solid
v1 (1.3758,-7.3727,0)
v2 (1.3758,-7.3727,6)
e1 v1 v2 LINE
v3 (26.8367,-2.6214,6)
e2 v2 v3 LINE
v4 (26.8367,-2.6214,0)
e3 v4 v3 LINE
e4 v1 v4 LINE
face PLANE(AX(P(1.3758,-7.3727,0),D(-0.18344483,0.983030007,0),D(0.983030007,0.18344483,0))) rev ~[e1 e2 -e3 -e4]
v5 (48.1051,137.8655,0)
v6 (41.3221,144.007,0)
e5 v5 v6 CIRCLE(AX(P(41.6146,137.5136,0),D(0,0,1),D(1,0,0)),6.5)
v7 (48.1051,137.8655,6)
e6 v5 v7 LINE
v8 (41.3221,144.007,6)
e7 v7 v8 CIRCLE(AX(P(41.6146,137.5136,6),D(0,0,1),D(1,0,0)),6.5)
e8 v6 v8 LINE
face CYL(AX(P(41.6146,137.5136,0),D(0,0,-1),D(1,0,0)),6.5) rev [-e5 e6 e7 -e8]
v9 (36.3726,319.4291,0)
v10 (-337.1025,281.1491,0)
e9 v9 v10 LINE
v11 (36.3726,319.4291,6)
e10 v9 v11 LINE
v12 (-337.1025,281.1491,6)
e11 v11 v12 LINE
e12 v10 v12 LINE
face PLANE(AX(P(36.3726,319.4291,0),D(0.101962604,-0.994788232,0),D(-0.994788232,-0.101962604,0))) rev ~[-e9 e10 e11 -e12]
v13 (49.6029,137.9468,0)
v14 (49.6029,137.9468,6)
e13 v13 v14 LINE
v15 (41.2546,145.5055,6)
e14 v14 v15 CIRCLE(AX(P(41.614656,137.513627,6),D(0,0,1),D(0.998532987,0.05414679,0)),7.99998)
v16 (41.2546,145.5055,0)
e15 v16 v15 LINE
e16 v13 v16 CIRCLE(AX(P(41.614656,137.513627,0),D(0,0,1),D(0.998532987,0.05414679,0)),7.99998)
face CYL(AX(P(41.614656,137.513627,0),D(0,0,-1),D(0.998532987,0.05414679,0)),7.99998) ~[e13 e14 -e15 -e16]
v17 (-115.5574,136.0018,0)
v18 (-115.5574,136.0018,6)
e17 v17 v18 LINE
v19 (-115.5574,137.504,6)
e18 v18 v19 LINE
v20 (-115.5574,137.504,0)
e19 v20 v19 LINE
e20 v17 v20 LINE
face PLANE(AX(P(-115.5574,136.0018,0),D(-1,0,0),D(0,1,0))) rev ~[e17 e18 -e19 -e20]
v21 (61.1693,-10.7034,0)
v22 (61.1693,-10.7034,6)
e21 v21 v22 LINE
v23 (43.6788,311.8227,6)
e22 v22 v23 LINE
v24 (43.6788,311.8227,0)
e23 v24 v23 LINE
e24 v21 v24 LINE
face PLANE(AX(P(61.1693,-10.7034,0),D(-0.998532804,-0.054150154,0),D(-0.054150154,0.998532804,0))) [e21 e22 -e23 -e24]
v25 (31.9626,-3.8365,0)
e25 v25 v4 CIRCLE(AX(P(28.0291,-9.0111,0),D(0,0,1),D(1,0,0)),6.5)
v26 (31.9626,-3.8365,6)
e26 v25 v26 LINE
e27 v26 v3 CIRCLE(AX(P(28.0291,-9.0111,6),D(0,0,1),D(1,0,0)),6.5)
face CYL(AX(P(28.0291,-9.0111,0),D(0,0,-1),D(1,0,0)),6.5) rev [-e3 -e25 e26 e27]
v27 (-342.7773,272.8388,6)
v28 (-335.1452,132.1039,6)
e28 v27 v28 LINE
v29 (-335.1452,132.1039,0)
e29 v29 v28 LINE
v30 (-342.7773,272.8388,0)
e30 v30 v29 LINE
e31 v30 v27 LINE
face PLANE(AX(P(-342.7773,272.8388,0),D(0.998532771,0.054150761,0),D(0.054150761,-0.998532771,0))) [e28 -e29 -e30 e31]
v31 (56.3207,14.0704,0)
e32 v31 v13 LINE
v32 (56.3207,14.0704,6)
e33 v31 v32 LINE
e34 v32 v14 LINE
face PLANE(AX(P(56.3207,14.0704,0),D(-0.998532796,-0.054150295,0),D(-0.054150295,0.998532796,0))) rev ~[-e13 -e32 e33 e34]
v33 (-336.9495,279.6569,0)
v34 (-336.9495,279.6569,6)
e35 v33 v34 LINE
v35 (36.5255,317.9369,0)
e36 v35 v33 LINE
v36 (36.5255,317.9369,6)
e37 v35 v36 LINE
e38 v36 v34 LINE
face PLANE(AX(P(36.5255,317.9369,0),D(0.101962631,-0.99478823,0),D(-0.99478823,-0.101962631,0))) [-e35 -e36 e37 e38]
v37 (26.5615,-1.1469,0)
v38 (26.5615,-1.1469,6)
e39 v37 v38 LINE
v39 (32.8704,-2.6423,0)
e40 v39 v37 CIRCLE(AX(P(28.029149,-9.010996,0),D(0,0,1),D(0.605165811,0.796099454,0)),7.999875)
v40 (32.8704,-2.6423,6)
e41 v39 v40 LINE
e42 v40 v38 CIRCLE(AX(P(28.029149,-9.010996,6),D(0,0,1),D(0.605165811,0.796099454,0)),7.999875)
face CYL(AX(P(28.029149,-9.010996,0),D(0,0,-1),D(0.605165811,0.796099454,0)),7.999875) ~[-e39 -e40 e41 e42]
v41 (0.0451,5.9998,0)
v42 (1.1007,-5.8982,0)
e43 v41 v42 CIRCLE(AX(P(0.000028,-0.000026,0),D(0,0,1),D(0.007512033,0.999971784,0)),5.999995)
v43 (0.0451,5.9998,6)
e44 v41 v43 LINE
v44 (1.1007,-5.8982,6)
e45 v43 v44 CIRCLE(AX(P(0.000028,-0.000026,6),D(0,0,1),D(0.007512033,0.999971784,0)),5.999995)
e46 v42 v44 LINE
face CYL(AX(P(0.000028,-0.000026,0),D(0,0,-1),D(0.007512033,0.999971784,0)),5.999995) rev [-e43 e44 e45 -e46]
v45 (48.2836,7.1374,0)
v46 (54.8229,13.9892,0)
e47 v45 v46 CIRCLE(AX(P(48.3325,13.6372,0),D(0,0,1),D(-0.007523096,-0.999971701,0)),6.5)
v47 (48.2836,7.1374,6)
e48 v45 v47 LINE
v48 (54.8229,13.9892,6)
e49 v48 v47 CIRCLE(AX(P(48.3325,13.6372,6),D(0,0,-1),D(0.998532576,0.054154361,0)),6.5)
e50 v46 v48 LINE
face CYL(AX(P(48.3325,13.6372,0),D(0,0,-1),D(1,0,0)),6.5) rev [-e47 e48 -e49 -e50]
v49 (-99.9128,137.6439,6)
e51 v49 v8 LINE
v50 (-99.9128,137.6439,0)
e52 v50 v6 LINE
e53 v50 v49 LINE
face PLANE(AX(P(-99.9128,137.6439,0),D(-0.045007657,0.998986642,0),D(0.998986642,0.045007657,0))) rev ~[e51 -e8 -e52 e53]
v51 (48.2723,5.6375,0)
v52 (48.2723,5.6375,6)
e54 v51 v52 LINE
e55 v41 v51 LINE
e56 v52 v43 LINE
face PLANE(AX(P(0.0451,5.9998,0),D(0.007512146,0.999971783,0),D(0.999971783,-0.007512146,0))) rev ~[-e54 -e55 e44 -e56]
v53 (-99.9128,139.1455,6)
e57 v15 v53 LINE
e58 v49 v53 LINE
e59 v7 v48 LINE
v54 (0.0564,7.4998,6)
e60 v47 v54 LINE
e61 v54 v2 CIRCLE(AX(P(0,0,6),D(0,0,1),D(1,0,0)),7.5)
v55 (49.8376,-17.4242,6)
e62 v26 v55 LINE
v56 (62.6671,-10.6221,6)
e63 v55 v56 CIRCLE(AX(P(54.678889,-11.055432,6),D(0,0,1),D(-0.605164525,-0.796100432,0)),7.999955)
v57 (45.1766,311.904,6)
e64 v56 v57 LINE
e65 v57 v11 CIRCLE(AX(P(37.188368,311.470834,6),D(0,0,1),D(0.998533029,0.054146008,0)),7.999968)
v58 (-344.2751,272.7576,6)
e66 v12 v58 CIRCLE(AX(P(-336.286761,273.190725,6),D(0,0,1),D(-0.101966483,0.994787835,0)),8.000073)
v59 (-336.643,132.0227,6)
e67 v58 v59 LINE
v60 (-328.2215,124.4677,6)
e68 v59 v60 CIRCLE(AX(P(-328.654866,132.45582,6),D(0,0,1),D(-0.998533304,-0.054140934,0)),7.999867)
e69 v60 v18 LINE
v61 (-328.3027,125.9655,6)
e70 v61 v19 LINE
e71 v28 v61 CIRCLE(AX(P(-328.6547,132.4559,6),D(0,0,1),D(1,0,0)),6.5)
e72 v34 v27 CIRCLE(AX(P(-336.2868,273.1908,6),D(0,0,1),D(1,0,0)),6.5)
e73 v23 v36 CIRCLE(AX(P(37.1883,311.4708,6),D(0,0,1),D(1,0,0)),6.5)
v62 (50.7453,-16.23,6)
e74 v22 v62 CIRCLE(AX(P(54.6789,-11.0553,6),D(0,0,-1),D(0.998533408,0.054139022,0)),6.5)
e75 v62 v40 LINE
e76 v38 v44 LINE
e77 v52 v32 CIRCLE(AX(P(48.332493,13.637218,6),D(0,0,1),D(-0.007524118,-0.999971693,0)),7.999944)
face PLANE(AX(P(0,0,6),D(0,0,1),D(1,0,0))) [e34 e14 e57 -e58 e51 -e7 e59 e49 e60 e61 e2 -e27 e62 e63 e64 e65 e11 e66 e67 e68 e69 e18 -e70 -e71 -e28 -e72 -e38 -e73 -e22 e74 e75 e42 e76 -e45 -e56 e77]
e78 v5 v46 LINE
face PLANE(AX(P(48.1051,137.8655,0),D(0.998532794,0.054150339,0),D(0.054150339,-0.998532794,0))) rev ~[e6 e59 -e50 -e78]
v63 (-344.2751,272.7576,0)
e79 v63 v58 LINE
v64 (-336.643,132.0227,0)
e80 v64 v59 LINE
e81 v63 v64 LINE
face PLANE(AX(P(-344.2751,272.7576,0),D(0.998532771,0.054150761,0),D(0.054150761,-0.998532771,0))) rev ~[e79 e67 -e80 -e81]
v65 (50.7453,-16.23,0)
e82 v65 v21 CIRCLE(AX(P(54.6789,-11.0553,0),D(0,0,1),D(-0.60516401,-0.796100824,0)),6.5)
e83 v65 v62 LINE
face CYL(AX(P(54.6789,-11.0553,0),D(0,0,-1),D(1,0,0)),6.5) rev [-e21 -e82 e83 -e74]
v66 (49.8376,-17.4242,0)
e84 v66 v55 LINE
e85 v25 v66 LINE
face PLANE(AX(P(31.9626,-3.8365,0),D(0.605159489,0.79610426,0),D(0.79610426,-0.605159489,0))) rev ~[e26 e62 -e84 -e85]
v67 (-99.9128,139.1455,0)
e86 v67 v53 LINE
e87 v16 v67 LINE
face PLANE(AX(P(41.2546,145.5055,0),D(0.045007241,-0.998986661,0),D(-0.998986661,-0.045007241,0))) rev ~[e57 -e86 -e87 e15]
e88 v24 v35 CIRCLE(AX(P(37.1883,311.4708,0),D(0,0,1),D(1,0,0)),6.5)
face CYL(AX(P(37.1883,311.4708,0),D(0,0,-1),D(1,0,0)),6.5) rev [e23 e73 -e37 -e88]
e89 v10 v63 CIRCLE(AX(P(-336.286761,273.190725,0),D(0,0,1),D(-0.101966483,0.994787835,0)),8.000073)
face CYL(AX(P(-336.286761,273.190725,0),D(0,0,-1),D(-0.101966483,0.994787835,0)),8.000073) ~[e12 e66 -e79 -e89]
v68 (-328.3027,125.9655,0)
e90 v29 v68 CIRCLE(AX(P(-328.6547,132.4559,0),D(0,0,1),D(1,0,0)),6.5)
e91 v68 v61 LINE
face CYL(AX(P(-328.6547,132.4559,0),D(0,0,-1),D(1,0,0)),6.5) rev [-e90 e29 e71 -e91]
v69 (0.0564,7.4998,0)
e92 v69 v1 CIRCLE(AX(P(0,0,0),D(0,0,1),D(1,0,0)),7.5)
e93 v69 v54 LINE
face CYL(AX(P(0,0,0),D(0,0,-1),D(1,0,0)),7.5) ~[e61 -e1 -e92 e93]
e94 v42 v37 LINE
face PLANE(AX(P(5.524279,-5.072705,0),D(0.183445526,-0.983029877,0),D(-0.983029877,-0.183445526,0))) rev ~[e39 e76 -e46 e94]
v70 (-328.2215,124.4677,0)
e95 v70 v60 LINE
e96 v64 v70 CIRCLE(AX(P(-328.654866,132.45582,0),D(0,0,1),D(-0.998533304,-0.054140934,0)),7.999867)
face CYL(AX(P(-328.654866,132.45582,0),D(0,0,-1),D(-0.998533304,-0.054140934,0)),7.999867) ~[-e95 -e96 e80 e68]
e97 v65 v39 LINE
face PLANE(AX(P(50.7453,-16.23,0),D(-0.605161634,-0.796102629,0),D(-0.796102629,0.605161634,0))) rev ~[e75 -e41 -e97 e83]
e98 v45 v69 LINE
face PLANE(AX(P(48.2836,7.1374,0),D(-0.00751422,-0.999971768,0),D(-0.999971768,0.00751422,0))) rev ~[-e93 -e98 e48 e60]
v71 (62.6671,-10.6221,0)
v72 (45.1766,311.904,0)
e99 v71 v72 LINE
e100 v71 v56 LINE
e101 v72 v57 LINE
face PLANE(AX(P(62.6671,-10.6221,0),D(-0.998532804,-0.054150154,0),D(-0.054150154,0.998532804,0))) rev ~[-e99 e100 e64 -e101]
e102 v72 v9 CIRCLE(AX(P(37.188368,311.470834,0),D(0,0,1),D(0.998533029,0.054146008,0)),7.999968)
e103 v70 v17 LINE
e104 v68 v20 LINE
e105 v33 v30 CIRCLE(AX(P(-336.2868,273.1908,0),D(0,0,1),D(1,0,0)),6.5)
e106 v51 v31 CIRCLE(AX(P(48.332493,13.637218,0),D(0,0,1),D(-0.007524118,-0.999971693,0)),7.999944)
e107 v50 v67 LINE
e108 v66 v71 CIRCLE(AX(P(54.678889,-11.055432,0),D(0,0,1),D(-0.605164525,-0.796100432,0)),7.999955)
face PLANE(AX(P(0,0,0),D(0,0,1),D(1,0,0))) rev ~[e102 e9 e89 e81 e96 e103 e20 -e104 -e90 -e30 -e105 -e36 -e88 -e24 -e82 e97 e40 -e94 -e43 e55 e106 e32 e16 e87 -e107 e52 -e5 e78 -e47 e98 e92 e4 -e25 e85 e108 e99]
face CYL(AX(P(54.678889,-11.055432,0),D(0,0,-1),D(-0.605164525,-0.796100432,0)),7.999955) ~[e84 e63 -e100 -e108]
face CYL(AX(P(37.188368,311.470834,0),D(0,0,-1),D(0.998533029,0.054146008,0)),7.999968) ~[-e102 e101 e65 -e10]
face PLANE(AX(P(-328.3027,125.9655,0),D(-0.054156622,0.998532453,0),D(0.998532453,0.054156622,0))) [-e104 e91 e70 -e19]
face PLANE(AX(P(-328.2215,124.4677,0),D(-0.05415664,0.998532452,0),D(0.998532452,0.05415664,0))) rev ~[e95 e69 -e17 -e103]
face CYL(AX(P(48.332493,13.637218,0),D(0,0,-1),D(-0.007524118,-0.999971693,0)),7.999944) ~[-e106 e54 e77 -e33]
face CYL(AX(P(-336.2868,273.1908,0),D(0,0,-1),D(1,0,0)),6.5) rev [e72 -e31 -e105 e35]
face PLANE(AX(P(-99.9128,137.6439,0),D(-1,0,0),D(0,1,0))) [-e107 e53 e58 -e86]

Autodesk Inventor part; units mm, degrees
ref_plane "YZ Plane" through (0, 0, 0) normal (1, 0, 0) x (0, 1, 0)
ref_plane "XZ Plane" through (0, 0, 0) normal (0, 1, 0) x (-1, 0, 0)
ref_plane "XY Plane" through (0, 0, 0) normal (0, 0, 1) x (1, 0, 0)
sketch "Sketch1" plane through (0, 0, 0) normal (0, 0, 1) x (1, 0, 0)
  circle A0 centre (0, 0) radius 7.5 projected
  circle A1 centre (54.6789, -11.0553) radius 6.5 projected
  circle A2 centre (48.3325, 13.6372) radius 6.5 projected
  circle A3 centre (41.6146, 137.5136) radius 6.5 projected
  circle A4 centre (37.1883, 311.4708) radius 6.5 projected
  circle A5 centre (-336.2868, 273.1908) radius 6.5 projected
  circle A6 centre (-328.6547, 132.4559) radius 6.5 projected
  circle A7 centre (28.0291, -9.0111) radius 6.5 projected
  line L0 (0.0451, 5.9998) -> (48.2723, 5.6375)
  arc A8 (48.2723, 5.6375) -> (56.3207, 14.0704) centre (48.3325, 13.6372) ccw
  line L1 (56.3207, 14.0704) -> (49.6029, 137.9468)
  arc A9 (49.6029, 137.9468) -> (41.2546, 145.5055) centre (41.6146, 137.5136) ccw
  line L2 (61.1693, -10.7034) -> (43.6788, 311.8227)
  line L3 (36.5255, 317.9369) -> (-336.9495, 279.6569)
  line L4 (-342.7773, 272.8388) -> (-335.1452, 132.1039)
  line L5 (-328.3027, 125.9655) -> (-115.5574, 137.504)
  line L6 (50.7453, -16.23) -> (32.8704, -2.6423)
  arc A10 (32.8704, -2.6423) -> (26.5615, -1.1469) centre (28.0291, -9.0111) ccw
  line L7 (26.5615, -1.1469) -> (1.1007, -5.8982)
  arc A11 (0.0451, 5.9998) -> (1.1007, -5.8982) centre (0, 0) ccw
  arc A12 (50.7453, -16.23) -> (61.1693, -10.7034) centre (54.6789, -11.0553) ccw
  arc A13 (43.6788, 311.8227) -> (36.5255, 317.9369) centre (37.1883, 311.4708) ccw
  arc A14 (-336.9495, 279.6569) -> (-342.7773, 272.8388) centre (-336.2868, 273.1908) ccw
  arc A15 (-335.1452, 132.1039) -> (-328.3027, 125.9655) centre (-328.6547, 132.4559) ccw
  line L8 (41.2546, 145.5055) -> (-99.9128, 139.1455)
  line L9 (-99.9128, 137.6439) -> (41.3221, 144.007)
  arc A16 (48.1051, 137.8655) -> (41.3221, 144.007) centre (41.6146, 137.5136) ccw
  line L10 (48.1051, 137.8655) -> (54.8229, 13.9892)
  arc A17 (48.2836, 7.1374) -> (54.8229, 13.9892) centre (48.3325, 13.6372) ccw
  line L11 (48.2836, 7.1374) -> (0.0564, 7.4998)
  arc A18 (0.0564, 7.4998) -> (1.3758, -7.3727) centre (0, 0) ccw
  line L12 (1.3758, -7.3727) -> (26.8367, -2.6214)
  arc A19 (31.9626, -3.8365) -> (26.8367, -2.6214) centre (28.0291, -9.0111) ccw
  line L13 (31.9626, -3.8365) -> (49.8376, -17.4242)
  arc A20 (49.8376, -17.4242) -> (62.6671, -10.6221) centre (54.6789, -11.0553) ccw
  line L14 (62.6671, -10.6221) -> (45.1766, 311.904)
  arc A21 (45.1766, 311.904) -> (36.3726, 319.4291) centre (37.1883, 311.4708) ccw
  line L15 (36.3726, 319.4291) -> (-337.1025, 281.1491)
  arc A22 (-337.1025, 281.1491) -> (-344.2751, 272.7576) centre (-336.2868, 273.1908) ccw
  line L16 (-344.2751, 272.7576) -> (-336.643, 132.0227)
  arc A23 (-336.643, 132.0227) -> (-328.2215, 124.4677) centre (-328.6547, 132.4559) ccw
  line L17 (-328.2215, 124.4677) -> (-115.5574, 136.0018)
  line L18 (-99.9128, 137.6439) -> (-99.9128, 139.1455)
  line L19 (-115.5574, 136.0018) -> (-115.5574, 137.504)
  dimension "d0" = 1.5
  dimension "d1" = 1.5
  dimension "d2" = 1.5
  dimension "d3" = 1.5
  dimension "d6" = 6
extrude "Extrusion1" add sketch "Sketch1" along normal blind 6 contours A0 L0 A11 L7 | L11 A2 L10 A3 L9 L18 L8 A9 L1 A8 L0 A0 | A0 L7 A10 L6 A1 L2 A4 L3 A5 L4 A6 L5 L19 L17 A23 L16 A22 L15 A21 L14 A20 L13 A7 L12 picked at (2.587, 6.2542)
properties part number "BeltLeft" material "Rubber, Silicone"
